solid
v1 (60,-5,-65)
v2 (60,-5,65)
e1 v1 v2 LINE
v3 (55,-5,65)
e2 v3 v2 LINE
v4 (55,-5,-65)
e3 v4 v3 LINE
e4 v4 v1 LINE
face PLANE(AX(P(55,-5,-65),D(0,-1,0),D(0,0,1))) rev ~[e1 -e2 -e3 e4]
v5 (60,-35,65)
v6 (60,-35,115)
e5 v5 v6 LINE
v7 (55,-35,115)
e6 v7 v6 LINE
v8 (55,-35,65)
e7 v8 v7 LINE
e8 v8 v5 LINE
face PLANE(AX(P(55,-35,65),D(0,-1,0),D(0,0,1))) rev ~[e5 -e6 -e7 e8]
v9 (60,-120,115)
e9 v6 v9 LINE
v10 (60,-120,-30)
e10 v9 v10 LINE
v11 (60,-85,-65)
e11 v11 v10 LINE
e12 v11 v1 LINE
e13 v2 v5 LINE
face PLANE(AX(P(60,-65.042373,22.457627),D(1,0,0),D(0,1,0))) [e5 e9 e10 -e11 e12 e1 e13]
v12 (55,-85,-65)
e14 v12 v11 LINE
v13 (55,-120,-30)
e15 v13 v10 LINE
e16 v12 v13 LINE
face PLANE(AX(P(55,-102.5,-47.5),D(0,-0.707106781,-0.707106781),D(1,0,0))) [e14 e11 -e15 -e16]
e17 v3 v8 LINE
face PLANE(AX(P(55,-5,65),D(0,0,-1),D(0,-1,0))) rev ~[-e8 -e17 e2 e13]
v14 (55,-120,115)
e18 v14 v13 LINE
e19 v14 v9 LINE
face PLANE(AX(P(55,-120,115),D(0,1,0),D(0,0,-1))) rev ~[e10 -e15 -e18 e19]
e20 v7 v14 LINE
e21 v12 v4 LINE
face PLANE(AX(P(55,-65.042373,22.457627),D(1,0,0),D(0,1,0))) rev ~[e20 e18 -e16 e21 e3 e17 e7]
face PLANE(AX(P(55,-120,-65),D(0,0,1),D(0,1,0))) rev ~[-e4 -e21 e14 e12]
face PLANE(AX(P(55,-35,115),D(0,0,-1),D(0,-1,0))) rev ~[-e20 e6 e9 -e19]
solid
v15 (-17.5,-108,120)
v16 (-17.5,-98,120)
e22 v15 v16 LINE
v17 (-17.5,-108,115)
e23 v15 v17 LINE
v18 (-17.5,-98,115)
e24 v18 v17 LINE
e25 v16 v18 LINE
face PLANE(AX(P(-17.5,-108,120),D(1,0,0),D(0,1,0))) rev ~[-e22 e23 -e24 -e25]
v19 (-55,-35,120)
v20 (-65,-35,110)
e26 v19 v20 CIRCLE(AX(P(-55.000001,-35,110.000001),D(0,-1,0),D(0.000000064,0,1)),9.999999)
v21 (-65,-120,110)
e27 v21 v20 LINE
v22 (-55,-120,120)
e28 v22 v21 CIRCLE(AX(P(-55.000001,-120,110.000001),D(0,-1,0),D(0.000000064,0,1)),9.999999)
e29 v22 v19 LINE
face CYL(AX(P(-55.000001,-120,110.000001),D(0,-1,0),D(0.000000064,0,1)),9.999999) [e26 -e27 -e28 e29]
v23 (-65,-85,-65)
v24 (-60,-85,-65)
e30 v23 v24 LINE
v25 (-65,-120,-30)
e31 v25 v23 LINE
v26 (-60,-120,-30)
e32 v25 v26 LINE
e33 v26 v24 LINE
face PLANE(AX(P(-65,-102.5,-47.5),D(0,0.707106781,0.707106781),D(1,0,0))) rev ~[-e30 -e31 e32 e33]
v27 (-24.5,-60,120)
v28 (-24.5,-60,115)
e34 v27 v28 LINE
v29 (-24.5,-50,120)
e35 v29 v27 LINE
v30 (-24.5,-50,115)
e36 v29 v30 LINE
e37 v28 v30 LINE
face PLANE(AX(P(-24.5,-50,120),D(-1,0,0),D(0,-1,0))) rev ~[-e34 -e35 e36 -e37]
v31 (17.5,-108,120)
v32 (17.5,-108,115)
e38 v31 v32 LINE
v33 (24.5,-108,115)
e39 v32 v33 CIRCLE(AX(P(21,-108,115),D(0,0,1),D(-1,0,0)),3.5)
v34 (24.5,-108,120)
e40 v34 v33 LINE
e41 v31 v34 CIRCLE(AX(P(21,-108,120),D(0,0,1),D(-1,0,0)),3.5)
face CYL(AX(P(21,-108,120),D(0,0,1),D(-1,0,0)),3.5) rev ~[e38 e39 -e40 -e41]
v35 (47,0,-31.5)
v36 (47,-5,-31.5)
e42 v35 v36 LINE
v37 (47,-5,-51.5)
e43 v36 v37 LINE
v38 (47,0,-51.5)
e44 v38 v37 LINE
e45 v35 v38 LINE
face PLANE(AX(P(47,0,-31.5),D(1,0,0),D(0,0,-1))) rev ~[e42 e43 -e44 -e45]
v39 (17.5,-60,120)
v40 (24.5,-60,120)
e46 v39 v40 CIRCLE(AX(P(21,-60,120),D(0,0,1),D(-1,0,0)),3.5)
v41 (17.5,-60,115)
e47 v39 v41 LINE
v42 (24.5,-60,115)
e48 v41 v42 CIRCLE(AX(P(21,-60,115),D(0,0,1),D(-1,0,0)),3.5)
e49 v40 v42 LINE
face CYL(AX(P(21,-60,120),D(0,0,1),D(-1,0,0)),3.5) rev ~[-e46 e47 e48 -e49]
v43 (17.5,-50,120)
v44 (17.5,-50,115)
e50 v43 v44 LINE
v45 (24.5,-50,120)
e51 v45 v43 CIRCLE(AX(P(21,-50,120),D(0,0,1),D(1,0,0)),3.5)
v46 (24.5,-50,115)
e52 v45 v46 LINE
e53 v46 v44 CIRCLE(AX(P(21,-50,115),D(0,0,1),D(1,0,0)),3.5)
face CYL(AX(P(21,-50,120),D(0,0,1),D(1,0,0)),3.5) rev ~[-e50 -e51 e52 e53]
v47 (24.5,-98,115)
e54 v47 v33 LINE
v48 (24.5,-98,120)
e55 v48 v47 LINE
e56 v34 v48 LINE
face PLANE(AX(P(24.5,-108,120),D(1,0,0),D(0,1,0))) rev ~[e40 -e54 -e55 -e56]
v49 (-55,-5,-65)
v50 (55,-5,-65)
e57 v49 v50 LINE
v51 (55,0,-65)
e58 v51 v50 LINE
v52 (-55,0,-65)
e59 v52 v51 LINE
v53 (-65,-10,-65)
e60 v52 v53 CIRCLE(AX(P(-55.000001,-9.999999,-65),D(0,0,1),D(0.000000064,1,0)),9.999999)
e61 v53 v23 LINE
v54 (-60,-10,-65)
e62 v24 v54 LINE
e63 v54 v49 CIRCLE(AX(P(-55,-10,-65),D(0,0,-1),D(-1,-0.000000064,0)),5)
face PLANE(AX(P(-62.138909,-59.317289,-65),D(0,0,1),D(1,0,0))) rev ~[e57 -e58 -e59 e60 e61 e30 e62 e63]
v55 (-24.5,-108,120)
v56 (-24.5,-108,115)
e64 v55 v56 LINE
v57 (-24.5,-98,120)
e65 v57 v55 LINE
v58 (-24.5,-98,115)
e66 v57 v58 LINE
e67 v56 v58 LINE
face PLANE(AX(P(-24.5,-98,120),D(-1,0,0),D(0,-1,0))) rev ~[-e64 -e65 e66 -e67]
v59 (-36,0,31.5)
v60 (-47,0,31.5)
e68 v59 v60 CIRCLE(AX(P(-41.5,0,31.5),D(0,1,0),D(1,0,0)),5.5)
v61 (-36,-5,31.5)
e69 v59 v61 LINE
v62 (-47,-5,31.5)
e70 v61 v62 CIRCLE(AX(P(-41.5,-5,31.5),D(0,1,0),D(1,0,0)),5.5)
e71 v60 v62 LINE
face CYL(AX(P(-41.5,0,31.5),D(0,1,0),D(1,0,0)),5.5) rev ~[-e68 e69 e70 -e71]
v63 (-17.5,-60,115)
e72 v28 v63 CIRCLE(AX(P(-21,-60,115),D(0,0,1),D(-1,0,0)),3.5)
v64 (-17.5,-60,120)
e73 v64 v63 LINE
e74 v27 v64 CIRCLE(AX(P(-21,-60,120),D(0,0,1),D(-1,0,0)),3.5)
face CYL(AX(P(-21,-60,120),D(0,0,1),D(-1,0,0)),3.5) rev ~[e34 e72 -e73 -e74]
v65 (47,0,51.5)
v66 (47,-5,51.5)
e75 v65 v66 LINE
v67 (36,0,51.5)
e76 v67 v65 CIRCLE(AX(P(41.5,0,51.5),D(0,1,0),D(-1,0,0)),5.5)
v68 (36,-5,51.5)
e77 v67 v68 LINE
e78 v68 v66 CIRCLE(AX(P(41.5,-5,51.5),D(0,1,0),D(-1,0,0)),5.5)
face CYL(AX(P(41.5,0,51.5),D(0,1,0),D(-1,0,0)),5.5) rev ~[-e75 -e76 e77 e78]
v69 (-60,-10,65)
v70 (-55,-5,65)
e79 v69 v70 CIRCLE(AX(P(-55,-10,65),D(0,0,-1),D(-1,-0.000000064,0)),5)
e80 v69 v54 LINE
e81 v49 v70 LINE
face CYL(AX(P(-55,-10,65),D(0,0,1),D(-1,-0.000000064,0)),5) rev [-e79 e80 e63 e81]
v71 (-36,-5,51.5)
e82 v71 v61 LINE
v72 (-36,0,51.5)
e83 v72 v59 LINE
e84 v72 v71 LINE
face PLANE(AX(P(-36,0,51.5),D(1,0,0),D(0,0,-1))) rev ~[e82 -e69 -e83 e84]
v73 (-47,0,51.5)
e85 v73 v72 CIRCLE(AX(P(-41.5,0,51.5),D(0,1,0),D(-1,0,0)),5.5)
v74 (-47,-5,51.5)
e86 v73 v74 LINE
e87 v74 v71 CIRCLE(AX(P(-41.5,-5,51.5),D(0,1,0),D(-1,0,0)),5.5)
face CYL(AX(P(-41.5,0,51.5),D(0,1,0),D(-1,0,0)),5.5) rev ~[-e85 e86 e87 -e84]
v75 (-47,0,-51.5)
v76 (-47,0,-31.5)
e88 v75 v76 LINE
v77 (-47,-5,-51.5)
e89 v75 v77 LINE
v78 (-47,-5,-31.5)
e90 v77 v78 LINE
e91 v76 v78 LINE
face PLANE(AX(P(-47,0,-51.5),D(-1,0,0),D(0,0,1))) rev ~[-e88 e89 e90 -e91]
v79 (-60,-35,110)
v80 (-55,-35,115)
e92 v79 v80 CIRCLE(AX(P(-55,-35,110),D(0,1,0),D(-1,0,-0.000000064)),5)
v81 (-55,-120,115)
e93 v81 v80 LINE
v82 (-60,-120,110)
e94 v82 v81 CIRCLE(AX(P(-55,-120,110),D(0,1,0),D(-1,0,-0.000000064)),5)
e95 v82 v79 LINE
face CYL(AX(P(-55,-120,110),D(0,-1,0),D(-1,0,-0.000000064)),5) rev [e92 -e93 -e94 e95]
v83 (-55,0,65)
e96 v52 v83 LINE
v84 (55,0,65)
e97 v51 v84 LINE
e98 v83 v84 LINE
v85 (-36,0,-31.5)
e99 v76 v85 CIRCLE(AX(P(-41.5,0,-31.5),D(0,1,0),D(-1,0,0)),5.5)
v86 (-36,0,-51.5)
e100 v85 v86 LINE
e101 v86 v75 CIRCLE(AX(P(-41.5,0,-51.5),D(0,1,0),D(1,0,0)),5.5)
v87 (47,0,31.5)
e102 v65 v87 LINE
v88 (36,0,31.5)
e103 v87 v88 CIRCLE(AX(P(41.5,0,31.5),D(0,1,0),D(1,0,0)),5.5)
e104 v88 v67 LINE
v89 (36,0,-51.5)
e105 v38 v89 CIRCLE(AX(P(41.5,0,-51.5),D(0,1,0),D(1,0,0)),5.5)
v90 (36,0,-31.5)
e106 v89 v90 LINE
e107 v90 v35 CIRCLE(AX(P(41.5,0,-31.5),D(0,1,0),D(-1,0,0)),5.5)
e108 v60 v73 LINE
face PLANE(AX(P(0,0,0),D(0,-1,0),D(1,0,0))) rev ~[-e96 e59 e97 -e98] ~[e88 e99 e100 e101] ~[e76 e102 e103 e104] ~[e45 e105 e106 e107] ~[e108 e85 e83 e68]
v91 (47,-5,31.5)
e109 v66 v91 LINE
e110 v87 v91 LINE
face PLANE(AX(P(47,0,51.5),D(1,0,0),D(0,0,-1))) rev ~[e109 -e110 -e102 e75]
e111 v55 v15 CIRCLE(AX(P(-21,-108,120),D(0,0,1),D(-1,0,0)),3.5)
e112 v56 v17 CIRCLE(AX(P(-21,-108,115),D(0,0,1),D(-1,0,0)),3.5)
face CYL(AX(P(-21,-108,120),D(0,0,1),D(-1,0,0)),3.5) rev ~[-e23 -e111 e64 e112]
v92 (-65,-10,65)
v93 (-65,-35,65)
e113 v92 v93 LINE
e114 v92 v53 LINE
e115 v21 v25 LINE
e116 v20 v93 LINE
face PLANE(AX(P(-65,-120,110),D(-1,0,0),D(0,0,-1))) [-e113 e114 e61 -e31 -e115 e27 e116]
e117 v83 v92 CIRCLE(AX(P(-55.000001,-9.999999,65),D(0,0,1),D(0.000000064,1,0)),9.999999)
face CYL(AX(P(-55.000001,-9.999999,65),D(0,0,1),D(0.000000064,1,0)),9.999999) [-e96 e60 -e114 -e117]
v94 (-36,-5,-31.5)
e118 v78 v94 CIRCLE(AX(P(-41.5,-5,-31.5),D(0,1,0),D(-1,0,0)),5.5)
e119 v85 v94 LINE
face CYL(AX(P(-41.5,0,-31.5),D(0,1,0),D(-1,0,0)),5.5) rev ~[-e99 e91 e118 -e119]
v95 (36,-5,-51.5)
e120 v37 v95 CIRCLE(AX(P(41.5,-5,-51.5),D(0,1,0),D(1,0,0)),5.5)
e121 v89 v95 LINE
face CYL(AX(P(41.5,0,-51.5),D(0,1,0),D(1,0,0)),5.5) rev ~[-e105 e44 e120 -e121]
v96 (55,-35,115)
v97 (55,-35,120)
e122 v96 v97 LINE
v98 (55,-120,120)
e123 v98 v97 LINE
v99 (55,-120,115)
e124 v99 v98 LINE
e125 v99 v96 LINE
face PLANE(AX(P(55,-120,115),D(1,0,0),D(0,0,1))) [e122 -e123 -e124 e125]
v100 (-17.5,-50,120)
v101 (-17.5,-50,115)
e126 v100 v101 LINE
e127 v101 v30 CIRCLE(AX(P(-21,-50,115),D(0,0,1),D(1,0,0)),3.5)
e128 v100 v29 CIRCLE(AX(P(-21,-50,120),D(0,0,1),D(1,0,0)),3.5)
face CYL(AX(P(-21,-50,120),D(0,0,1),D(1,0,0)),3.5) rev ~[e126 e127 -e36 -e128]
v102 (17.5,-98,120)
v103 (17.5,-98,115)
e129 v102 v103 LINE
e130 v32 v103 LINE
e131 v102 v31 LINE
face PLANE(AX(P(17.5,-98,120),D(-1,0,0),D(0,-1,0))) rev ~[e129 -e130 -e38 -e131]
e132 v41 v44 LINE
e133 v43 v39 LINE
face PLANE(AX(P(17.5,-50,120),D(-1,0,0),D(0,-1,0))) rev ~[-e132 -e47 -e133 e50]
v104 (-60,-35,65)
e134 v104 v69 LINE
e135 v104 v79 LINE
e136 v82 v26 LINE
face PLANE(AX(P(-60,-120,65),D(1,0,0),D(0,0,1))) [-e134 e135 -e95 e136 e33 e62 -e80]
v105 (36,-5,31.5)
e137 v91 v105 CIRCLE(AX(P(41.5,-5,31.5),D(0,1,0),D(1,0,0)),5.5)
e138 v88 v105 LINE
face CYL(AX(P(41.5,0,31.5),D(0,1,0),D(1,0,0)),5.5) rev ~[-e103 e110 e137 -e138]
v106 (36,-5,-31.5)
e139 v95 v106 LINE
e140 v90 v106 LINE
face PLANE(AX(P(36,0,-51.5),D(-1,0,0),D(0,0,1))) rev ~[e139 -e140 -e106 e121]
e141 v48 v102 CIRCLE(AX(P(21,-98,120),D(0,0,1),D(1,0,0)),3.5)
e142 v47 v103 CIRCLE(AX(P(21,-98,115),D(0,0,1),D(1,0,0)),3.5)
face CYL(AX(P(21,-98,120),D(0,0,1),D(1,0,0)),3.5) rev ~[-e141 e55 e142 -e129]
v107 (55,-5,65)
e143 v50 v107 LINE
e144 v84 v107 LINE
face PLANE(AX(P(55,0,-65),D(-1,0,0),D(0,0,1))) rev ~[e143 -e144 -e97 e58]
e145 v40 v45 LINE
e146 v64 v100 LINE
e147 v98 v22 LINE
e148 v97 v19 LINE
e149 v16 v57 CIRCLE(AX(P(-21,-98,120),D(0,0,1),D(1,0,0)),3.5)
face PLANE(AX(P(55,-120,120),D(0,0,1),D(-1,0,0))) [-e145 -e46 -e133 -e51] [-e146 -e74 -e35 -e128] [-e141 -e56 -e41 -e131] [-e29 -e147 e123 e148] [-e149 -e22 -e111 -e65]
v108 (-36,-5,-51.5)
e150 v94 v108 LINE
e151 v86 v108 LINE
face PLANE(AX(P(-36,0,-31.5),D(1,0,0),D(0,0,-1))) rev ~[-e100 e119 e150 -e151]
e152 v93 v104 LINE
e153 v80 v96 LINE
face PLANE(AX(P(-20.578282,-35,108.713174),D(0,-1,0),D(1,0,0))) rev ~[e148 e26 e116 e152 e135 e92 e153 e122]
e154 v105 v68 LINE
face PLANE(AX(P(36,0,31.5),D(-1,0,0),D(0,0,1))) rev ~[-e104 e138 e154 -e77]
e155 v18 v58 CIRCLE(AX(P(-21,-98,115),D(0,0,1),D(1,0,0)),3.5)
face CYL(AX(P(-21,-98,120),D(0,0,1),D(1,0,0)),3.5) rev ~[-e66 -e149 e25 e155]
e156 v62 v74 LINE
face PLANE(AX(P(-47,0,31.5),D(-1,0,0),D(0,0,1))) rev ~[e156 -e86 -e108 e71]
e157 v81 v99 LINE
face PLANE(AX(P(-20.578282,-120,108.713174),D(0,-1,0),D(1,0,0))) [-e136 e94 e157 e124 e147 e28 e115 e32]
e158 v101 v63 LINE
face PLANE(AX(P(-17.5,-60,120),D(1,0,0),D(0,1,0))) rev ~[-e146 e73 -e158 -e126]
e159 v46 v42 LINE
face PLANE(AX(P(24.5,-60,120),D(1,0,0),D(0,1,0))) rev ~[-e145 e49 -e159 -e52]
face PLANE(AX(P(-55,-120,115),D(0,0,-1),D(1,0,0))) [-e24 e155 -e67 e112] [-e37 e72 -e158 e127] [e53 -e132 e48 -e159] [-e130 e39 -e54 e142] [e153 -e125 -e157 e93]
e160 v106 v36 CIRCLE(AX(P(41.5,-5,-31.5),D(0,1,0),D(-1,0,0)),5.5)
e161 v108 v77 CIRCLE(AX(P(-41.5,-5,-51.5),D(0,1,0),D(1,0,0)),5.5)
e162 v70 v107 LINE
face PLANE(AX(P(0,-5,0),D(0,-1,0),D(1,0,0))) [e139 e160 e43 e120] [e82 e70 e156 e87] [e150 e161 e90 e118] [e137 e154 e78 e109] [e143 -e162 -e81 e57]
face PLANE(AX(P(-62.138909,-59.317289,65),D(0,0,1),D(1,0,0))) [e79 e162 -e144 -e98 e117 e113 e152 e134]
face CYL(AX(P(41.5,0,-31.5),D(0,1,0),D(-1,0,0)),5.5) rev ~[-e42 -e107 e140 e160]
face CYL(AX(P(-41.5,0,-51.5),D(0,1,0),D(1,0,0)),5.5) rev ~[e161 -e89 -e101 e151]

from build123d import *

# Parameters (mm, degrees)
F0_W       = 110
F0_H       = 130
F1_DEPTH   = 5
F3_DEPTH   = 130
F5_DEPTH   = 85
F7_DEPTH   = 185.001
F9_DEPTH   = 5
F10_SIZE   = 35
F10_2_SIZE = 35


with BuildPart() as f1:
    # F0 (on Front) → F1 (new body)
    with BuildSketch(Plane.XZ):
        Rectangle(F0_W, F0_H)
        with BuildLine():
            ThreePointArc((-36, -51.5), (-41.5, -57), (-47, -51.5))
            Line((-47, -51.5), (-47, -31.5))
            ThreePointArc((-47, -31.5), (-41.5, -26), (-36, -31.5))
            Line((-36, -31.5), (-36, -51.5))
        make_face(mode=Mode.SUBTRACT)
        with BuildLine():
            ThreePointArc((36, -31.5), (41.5, -26), (47, -31.5))
            Line((47, -31.5), (47, -51.5))
            ThreePointArc((47, -51.5), (41.5, -57), (36, -51.5))
            Line((36, -51.5), (36, -31.5))
        make_face(mode=Mode.SUBTRACT)
        with BuildLine():
            Line((-36, 51.5), (-36, 31.5))
            ThreePointArc((-36, 31.5), (-41.5, 26), (-47, 31.5))
            Line((-47, 31.5), (-47, 51.5))
            ThreePointArc((-47, 51.5), (-41.5, 57), (-36, 51.5))
        make_face(mode=Mode.SUBTRACT)
        with BuildLine():
            ThreePointArc((47, 31.5), (41.5, 26), (36, 31.5))
            Line((36, 31.5), (36, 51.5))
            ThreePointArc((36, 51.5), (41.5, 57), (47, 51.5))
            Line((47, 51.5), (47, 31.5))
        make_face(mode=Mode.SUBTRACT)
    extrude(amount=F1_DEPTH)

    # F2 (on face) → F3 (join, through all)
    with BuildSketch(Plane.XY.offset(65)):
        with BuildLine():
            ThreePointArc((-60, -10), (-58.535534, -6.464466), (-55, -5))
            Line((-55, -5), (-55, 0))
            ThreePointArc((-55, 0), (-62.071068, -2.928932), (-65, -10))
            Line((-65, -10), (-65, -120))
            Line((-65, -120), (-60, -120))
            Line((-60, -120), (-60, -10))
        make_face()
    extrude(amount=-F3_DEPTH)

    # F4 (on face) → F5 (join)
    with BuildSketch(Plane.XZ.offset(120)):
        with BuildLine():
            Line((-65, 65), (-60, 65))
            Line((-60, 65), (-60, 110))
            ThreePointArc((-60, 110), (-58.535534, 113.535534), (-55, 115))
            Line((-55, 115), (55, 115))
            Line((55, 115), (55, 120))
            Line((55, 120), (-55, 120))
            ThreePointArc((-55, 120), (-62.071068, 117.071068), (-65, 110))
            Line((-65, 110), (-65, 65))
        make_face()
    extrude(amount=-F5_DEPTH)

    # F6 (on face) → F7 (cut, through all)
    with BuildSketch(Plane.XY.offset(120)):
        with BuildLine():
            Line((17.5, -50), (17.5, -60))
            ThreePointArc((17.5, -60), (21, -63.5), (24.5, -60))
            Line((24.5, -60), (24.5, -50))
            ThreePointArc((24.5, -50), (21, -46.5), (17.5, -50))
        make_face()
        with BuildLine():
            Line((17.5, -98), (17.5, -108))
            ThreePointArc((17.5, -108), (21, -111.5), (24.5, -108))
            Line((24.5, -108), (24.5, -98))
            ThreePointArc((24.5, -98), (21, -94.5), (17.5, -98))
        make_face()
        with BuildLine():
            Line((-24.5, -50), (-24.5, -60))
            ThreePointArc((-24.5, -60), (-21, -63.5), (-17.5, -60))
            Line((-17.5, -60), (-17.5, -50))
            ThreePointArc((-17.5, -50), (-21, -46.5), (-24.5, -50))
        make_face()
        with BuildLine():
            Line((-24.5, -98), (-24.5, -108))
            ThreePointArc((-24.5, -108), (-21, -111.5), (-17.5, -108))
            Line((-17.5, -108), (-17.5, -98))
            ThreePointArc((-17.5, -98), (-21, -94.5), (-24.5, -98))
        make_face()
    extrude(amount=-F7_DEPTH, mode=Mode.SUBTRACT)

    # F10
    f10_edges = [f1.edges().sort_by_distance(p)[0] for p in [
        (-62.5, -120, -65),
    ]]
    chamfer(f10_edges, length=F10_SIZE)


with BuildPart() as f9:
    # F8 (on face) → F9 (new body)
    with BuildSketch(Plane.YZ.offset(55)):
        Polygon((-120, -65), (-5, -65), (-5, 65), (-35, 65), (-35, 115), (-120, 115), align=None)
    extrude(amount=F9_DEPTH)

    # F10#2
    f10_2_edges = [f9.edges().sort_by_distance(p)[0] for p in [
        (57.5, -120, -65),
    ]]
    chamfer(f10_2_edges, length=F10_2_SIZE)


solid = Compound([f1.part, f9.part])
